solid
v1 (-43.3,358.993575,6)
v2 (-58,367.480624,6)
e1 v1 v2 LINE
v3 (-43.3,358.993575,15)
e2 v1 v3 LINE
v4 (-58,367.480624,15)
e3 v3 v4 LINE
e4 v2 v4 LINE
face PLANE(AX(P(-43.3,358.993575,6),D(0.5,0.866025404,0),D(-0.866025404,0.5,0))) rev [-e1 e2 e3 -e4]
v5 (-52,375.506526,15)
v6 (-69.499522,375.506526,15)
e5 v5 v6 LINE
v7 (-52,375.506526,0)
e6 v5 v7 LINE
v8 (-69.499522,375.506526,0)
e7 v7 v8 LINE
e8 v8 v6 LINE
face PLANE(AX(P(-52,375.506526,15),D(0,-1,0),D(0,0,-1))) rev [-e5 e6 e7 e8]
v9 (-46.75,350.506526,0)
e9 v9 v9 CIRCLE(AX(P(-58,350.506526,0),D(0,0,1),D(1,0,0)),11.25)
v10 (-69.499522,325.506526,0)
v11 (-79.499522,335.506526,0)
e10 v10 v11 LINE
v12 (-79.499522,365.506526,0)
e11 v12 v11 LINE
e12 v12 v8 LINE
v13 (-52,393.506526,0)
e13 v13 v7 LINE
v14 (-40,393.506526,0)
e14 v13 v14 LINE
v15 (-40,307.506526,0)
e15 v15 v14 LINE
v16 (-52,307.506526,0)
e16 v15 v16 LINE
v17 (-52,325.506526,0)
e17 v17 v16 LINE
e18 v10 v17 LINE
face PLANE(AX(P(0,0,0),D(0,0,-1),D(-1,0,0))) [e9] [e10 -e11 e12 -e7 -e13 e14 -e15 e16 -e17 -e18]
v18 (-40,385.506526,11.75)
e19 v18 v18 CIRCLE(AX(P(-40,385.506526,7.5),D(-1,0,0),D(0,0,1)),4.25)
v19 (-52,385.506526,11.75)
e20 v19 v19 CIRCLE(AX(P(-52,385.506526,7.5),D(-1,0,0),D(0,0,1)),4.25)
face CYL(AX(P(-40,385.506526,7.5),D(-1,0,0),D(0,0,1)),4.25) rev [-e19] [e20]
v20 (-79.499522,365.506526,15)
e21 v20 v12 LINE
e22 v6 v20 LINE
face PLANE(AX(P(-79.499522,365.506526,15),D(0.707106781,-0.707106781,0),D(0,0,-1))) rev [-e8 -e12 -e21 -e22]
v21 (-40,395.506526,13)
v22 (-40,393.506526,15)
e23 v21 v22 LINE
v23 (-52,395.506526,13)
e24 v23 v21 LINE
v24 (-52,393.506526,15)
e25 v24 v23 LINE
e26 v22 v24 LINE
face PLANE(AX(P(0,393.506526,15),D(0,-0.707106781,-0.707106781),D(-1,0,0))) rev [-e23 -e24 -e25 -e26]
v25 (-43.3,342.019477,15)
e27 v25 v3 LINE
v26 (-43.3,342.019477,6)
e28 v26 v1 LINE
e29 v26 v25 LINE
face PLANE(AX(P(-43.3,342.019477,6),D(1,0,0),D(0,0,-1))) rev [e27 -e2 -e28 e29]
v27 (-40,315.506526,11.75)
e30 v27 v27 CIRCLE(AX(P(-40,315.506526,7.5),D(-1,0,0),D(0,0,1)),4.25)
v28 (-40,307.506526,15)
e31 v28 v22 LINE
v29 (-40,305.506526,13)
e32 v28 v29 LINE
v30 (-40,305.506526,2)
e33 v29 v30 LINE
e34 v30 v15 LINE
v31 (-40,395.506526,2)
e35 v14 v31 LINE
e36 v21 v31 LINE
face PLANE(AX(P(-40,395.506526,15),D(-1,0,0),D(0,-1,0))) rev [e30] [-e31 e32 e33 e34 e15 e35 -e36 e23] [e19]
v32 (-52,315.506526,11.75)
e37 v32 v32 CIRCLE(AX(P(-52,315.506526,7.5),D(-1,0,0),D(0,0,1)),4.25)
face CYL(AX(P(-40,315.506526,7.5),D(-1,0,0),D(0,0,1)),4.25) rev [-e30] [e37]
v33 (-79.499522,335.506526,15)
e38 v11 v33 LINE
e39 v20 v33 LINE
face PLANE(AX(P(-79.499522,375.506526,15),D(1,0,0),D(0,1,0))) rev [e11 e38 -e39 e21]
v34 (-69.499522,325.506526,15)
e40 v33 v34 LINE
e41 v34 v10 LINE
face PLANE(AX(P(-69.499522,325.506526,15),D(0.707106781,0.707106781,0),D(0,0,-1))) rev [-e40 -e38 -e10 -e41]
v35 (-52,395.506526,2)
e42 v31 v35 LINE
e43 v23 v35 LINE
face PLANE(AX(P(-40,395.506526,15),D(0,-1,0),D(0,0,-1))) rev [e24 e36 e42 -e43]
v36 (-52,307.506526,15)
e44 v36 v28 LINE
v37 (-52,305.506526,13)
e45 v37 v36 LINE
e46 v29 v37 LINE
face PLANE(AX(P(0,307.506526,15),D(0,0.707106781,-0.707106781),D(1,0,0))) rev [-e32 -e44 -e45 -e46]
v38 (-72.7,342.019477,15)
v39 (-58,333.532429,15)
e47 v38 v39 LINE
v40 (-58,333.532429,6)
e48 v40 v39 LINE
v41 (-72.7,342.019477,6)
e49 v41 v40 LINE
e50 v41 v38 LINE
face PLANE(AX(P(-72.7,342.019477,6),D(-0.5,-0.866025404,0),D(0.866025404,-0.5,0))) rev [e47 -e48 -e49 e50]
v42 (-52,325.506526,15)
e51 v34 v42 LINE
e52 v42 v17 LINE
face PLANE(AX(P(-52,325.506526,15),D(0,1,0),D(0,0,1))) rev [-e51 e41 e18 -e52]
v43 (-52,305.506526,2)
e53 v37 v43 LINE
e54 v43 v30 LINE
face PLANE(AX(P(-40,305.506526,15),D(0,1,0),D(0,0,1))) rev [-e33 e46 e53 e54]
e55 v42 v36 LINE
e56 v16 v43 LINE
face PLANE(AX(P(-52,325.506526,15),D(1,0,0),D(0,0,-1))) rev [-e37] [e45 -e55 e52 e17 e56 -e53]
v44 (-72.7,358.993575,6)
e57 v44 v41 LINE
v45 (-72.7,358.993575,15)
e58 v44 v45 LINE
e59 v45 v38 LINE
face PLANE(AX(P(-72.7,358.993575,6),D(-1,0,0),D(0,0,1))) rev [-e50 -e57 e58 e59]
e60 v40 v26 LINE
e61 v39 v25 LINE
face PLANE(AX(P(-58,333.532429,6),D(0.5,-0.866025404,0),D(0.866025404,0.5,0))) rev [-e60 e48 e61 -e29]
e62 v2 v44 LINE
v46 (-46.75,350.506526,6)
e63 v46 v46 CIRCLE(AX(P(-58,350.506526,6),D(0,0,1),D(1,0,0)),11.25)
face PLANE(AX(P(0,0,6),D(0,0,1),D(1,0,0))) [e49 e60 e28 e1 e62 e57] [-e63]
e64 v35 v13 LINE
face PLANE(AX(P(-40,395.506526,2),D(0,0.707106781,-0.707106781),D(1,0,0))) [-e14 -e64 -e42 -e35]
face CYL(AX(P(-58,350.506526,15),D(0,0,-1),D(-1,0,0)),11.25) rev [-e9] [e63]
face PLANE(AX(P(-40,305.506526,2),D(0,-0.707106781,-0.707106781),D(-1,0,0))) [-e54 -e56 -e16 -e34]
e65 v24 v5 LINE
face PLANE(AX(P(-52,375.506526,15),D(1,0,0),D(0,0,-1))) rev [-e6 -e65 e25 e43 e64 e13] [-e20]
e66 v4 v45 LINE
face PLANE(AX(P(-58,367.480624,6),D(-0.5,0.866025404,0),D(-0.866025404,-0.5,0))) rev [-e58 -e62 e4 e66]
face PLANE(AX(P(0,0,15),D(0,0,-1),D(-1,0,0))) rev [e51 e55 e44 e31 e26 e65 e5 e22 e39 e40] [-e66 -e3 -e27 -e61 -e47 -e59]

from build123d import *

# Parameters (mm, degrees)
SKETCH_1_R          = 11.25
EXTRUDE_1_DEPTH     = 15
CHAMFER_1_SIZE      = 10
SKETCH_2_R          = 4.25
CUT_EXTRUDE_1_DEPTH = 397.745051815
CUT_EXTRUDE_2_DEPTH = 9
CHAMFER_2_SIZE      = 2


with BuildPart() as part:
    # 草图1 → 凸台-拉伸1 (new body)
    with BuildSketch(Plane.XY):
        Polygon((-52, 375.506526422), (-79.499521759, 375.506526422), (-79.499521759, 325.506526422), (-52, 325.506526422), (-52, 305.506526422), (-40, 305.506526422), (-40, 395.506526422), (-52, 395.506526422), align=None)
        with Locations((-58, 350.506526422)):
            Circle(SKETCH_1_R, mode=Mode.SUBTRACT)
    extrude(amount=EXTRUDE_1_DEPTH)

    # 倒角1
    chamfer_1_edges = [part.edges().sort_by_distance(p)[0] for p in [
        (-79.499521759, 375.506526422, 7.5),
        (-79.499521759, 325.506526422, 7.5),
    ]]
    chamfer(chamfer_1_edges, length=CHAMFER_1_SIZE)

    # 草图2 → 切除-拉伸1 (cut, through all)
    with BuildSketch(Plane.ZY.offset(52)):
        with Locations((7.5, 385.506526422)):
            Circle(SKETCH_2_R)
        with Locations((7.5, 315.506526422)):
            Circle(SKETCH_2_R)
    extrude(amount=-CUT_EXTRUDE_1_DEPTH, mode=Mode.SUBTRACT)

    # 草图3 → 切除-拉伸2 (cut)
    with BuildSketch(Plane.XY.offset(15)):
        Polygon((-58, 367.480624336), (-72.7, 358.993575379), (-72.7, 342.019477465), (-58, 333.532428508), (-43.3, 342.019477465), (-43.3, 358.993575379), align=None)
    extrude(amount=-CUT_EXTRUDE_2_DEPTH, mode=Mode.SUBTRACT)

    # 倒角2
    chamfer_2_edges = [part.edges().sort_by_distance(p)[0] for p in [
        (-46, 305.506526422, 15),
        (-46, 395.506526422, 15),
        (-46, 395.506526422, 0),
        (-46, 305.506526422, 0),
    ]]
    chamfer(chamfer_2_edges, length=CHAMFER_2_SIZE)


solid = part.part
